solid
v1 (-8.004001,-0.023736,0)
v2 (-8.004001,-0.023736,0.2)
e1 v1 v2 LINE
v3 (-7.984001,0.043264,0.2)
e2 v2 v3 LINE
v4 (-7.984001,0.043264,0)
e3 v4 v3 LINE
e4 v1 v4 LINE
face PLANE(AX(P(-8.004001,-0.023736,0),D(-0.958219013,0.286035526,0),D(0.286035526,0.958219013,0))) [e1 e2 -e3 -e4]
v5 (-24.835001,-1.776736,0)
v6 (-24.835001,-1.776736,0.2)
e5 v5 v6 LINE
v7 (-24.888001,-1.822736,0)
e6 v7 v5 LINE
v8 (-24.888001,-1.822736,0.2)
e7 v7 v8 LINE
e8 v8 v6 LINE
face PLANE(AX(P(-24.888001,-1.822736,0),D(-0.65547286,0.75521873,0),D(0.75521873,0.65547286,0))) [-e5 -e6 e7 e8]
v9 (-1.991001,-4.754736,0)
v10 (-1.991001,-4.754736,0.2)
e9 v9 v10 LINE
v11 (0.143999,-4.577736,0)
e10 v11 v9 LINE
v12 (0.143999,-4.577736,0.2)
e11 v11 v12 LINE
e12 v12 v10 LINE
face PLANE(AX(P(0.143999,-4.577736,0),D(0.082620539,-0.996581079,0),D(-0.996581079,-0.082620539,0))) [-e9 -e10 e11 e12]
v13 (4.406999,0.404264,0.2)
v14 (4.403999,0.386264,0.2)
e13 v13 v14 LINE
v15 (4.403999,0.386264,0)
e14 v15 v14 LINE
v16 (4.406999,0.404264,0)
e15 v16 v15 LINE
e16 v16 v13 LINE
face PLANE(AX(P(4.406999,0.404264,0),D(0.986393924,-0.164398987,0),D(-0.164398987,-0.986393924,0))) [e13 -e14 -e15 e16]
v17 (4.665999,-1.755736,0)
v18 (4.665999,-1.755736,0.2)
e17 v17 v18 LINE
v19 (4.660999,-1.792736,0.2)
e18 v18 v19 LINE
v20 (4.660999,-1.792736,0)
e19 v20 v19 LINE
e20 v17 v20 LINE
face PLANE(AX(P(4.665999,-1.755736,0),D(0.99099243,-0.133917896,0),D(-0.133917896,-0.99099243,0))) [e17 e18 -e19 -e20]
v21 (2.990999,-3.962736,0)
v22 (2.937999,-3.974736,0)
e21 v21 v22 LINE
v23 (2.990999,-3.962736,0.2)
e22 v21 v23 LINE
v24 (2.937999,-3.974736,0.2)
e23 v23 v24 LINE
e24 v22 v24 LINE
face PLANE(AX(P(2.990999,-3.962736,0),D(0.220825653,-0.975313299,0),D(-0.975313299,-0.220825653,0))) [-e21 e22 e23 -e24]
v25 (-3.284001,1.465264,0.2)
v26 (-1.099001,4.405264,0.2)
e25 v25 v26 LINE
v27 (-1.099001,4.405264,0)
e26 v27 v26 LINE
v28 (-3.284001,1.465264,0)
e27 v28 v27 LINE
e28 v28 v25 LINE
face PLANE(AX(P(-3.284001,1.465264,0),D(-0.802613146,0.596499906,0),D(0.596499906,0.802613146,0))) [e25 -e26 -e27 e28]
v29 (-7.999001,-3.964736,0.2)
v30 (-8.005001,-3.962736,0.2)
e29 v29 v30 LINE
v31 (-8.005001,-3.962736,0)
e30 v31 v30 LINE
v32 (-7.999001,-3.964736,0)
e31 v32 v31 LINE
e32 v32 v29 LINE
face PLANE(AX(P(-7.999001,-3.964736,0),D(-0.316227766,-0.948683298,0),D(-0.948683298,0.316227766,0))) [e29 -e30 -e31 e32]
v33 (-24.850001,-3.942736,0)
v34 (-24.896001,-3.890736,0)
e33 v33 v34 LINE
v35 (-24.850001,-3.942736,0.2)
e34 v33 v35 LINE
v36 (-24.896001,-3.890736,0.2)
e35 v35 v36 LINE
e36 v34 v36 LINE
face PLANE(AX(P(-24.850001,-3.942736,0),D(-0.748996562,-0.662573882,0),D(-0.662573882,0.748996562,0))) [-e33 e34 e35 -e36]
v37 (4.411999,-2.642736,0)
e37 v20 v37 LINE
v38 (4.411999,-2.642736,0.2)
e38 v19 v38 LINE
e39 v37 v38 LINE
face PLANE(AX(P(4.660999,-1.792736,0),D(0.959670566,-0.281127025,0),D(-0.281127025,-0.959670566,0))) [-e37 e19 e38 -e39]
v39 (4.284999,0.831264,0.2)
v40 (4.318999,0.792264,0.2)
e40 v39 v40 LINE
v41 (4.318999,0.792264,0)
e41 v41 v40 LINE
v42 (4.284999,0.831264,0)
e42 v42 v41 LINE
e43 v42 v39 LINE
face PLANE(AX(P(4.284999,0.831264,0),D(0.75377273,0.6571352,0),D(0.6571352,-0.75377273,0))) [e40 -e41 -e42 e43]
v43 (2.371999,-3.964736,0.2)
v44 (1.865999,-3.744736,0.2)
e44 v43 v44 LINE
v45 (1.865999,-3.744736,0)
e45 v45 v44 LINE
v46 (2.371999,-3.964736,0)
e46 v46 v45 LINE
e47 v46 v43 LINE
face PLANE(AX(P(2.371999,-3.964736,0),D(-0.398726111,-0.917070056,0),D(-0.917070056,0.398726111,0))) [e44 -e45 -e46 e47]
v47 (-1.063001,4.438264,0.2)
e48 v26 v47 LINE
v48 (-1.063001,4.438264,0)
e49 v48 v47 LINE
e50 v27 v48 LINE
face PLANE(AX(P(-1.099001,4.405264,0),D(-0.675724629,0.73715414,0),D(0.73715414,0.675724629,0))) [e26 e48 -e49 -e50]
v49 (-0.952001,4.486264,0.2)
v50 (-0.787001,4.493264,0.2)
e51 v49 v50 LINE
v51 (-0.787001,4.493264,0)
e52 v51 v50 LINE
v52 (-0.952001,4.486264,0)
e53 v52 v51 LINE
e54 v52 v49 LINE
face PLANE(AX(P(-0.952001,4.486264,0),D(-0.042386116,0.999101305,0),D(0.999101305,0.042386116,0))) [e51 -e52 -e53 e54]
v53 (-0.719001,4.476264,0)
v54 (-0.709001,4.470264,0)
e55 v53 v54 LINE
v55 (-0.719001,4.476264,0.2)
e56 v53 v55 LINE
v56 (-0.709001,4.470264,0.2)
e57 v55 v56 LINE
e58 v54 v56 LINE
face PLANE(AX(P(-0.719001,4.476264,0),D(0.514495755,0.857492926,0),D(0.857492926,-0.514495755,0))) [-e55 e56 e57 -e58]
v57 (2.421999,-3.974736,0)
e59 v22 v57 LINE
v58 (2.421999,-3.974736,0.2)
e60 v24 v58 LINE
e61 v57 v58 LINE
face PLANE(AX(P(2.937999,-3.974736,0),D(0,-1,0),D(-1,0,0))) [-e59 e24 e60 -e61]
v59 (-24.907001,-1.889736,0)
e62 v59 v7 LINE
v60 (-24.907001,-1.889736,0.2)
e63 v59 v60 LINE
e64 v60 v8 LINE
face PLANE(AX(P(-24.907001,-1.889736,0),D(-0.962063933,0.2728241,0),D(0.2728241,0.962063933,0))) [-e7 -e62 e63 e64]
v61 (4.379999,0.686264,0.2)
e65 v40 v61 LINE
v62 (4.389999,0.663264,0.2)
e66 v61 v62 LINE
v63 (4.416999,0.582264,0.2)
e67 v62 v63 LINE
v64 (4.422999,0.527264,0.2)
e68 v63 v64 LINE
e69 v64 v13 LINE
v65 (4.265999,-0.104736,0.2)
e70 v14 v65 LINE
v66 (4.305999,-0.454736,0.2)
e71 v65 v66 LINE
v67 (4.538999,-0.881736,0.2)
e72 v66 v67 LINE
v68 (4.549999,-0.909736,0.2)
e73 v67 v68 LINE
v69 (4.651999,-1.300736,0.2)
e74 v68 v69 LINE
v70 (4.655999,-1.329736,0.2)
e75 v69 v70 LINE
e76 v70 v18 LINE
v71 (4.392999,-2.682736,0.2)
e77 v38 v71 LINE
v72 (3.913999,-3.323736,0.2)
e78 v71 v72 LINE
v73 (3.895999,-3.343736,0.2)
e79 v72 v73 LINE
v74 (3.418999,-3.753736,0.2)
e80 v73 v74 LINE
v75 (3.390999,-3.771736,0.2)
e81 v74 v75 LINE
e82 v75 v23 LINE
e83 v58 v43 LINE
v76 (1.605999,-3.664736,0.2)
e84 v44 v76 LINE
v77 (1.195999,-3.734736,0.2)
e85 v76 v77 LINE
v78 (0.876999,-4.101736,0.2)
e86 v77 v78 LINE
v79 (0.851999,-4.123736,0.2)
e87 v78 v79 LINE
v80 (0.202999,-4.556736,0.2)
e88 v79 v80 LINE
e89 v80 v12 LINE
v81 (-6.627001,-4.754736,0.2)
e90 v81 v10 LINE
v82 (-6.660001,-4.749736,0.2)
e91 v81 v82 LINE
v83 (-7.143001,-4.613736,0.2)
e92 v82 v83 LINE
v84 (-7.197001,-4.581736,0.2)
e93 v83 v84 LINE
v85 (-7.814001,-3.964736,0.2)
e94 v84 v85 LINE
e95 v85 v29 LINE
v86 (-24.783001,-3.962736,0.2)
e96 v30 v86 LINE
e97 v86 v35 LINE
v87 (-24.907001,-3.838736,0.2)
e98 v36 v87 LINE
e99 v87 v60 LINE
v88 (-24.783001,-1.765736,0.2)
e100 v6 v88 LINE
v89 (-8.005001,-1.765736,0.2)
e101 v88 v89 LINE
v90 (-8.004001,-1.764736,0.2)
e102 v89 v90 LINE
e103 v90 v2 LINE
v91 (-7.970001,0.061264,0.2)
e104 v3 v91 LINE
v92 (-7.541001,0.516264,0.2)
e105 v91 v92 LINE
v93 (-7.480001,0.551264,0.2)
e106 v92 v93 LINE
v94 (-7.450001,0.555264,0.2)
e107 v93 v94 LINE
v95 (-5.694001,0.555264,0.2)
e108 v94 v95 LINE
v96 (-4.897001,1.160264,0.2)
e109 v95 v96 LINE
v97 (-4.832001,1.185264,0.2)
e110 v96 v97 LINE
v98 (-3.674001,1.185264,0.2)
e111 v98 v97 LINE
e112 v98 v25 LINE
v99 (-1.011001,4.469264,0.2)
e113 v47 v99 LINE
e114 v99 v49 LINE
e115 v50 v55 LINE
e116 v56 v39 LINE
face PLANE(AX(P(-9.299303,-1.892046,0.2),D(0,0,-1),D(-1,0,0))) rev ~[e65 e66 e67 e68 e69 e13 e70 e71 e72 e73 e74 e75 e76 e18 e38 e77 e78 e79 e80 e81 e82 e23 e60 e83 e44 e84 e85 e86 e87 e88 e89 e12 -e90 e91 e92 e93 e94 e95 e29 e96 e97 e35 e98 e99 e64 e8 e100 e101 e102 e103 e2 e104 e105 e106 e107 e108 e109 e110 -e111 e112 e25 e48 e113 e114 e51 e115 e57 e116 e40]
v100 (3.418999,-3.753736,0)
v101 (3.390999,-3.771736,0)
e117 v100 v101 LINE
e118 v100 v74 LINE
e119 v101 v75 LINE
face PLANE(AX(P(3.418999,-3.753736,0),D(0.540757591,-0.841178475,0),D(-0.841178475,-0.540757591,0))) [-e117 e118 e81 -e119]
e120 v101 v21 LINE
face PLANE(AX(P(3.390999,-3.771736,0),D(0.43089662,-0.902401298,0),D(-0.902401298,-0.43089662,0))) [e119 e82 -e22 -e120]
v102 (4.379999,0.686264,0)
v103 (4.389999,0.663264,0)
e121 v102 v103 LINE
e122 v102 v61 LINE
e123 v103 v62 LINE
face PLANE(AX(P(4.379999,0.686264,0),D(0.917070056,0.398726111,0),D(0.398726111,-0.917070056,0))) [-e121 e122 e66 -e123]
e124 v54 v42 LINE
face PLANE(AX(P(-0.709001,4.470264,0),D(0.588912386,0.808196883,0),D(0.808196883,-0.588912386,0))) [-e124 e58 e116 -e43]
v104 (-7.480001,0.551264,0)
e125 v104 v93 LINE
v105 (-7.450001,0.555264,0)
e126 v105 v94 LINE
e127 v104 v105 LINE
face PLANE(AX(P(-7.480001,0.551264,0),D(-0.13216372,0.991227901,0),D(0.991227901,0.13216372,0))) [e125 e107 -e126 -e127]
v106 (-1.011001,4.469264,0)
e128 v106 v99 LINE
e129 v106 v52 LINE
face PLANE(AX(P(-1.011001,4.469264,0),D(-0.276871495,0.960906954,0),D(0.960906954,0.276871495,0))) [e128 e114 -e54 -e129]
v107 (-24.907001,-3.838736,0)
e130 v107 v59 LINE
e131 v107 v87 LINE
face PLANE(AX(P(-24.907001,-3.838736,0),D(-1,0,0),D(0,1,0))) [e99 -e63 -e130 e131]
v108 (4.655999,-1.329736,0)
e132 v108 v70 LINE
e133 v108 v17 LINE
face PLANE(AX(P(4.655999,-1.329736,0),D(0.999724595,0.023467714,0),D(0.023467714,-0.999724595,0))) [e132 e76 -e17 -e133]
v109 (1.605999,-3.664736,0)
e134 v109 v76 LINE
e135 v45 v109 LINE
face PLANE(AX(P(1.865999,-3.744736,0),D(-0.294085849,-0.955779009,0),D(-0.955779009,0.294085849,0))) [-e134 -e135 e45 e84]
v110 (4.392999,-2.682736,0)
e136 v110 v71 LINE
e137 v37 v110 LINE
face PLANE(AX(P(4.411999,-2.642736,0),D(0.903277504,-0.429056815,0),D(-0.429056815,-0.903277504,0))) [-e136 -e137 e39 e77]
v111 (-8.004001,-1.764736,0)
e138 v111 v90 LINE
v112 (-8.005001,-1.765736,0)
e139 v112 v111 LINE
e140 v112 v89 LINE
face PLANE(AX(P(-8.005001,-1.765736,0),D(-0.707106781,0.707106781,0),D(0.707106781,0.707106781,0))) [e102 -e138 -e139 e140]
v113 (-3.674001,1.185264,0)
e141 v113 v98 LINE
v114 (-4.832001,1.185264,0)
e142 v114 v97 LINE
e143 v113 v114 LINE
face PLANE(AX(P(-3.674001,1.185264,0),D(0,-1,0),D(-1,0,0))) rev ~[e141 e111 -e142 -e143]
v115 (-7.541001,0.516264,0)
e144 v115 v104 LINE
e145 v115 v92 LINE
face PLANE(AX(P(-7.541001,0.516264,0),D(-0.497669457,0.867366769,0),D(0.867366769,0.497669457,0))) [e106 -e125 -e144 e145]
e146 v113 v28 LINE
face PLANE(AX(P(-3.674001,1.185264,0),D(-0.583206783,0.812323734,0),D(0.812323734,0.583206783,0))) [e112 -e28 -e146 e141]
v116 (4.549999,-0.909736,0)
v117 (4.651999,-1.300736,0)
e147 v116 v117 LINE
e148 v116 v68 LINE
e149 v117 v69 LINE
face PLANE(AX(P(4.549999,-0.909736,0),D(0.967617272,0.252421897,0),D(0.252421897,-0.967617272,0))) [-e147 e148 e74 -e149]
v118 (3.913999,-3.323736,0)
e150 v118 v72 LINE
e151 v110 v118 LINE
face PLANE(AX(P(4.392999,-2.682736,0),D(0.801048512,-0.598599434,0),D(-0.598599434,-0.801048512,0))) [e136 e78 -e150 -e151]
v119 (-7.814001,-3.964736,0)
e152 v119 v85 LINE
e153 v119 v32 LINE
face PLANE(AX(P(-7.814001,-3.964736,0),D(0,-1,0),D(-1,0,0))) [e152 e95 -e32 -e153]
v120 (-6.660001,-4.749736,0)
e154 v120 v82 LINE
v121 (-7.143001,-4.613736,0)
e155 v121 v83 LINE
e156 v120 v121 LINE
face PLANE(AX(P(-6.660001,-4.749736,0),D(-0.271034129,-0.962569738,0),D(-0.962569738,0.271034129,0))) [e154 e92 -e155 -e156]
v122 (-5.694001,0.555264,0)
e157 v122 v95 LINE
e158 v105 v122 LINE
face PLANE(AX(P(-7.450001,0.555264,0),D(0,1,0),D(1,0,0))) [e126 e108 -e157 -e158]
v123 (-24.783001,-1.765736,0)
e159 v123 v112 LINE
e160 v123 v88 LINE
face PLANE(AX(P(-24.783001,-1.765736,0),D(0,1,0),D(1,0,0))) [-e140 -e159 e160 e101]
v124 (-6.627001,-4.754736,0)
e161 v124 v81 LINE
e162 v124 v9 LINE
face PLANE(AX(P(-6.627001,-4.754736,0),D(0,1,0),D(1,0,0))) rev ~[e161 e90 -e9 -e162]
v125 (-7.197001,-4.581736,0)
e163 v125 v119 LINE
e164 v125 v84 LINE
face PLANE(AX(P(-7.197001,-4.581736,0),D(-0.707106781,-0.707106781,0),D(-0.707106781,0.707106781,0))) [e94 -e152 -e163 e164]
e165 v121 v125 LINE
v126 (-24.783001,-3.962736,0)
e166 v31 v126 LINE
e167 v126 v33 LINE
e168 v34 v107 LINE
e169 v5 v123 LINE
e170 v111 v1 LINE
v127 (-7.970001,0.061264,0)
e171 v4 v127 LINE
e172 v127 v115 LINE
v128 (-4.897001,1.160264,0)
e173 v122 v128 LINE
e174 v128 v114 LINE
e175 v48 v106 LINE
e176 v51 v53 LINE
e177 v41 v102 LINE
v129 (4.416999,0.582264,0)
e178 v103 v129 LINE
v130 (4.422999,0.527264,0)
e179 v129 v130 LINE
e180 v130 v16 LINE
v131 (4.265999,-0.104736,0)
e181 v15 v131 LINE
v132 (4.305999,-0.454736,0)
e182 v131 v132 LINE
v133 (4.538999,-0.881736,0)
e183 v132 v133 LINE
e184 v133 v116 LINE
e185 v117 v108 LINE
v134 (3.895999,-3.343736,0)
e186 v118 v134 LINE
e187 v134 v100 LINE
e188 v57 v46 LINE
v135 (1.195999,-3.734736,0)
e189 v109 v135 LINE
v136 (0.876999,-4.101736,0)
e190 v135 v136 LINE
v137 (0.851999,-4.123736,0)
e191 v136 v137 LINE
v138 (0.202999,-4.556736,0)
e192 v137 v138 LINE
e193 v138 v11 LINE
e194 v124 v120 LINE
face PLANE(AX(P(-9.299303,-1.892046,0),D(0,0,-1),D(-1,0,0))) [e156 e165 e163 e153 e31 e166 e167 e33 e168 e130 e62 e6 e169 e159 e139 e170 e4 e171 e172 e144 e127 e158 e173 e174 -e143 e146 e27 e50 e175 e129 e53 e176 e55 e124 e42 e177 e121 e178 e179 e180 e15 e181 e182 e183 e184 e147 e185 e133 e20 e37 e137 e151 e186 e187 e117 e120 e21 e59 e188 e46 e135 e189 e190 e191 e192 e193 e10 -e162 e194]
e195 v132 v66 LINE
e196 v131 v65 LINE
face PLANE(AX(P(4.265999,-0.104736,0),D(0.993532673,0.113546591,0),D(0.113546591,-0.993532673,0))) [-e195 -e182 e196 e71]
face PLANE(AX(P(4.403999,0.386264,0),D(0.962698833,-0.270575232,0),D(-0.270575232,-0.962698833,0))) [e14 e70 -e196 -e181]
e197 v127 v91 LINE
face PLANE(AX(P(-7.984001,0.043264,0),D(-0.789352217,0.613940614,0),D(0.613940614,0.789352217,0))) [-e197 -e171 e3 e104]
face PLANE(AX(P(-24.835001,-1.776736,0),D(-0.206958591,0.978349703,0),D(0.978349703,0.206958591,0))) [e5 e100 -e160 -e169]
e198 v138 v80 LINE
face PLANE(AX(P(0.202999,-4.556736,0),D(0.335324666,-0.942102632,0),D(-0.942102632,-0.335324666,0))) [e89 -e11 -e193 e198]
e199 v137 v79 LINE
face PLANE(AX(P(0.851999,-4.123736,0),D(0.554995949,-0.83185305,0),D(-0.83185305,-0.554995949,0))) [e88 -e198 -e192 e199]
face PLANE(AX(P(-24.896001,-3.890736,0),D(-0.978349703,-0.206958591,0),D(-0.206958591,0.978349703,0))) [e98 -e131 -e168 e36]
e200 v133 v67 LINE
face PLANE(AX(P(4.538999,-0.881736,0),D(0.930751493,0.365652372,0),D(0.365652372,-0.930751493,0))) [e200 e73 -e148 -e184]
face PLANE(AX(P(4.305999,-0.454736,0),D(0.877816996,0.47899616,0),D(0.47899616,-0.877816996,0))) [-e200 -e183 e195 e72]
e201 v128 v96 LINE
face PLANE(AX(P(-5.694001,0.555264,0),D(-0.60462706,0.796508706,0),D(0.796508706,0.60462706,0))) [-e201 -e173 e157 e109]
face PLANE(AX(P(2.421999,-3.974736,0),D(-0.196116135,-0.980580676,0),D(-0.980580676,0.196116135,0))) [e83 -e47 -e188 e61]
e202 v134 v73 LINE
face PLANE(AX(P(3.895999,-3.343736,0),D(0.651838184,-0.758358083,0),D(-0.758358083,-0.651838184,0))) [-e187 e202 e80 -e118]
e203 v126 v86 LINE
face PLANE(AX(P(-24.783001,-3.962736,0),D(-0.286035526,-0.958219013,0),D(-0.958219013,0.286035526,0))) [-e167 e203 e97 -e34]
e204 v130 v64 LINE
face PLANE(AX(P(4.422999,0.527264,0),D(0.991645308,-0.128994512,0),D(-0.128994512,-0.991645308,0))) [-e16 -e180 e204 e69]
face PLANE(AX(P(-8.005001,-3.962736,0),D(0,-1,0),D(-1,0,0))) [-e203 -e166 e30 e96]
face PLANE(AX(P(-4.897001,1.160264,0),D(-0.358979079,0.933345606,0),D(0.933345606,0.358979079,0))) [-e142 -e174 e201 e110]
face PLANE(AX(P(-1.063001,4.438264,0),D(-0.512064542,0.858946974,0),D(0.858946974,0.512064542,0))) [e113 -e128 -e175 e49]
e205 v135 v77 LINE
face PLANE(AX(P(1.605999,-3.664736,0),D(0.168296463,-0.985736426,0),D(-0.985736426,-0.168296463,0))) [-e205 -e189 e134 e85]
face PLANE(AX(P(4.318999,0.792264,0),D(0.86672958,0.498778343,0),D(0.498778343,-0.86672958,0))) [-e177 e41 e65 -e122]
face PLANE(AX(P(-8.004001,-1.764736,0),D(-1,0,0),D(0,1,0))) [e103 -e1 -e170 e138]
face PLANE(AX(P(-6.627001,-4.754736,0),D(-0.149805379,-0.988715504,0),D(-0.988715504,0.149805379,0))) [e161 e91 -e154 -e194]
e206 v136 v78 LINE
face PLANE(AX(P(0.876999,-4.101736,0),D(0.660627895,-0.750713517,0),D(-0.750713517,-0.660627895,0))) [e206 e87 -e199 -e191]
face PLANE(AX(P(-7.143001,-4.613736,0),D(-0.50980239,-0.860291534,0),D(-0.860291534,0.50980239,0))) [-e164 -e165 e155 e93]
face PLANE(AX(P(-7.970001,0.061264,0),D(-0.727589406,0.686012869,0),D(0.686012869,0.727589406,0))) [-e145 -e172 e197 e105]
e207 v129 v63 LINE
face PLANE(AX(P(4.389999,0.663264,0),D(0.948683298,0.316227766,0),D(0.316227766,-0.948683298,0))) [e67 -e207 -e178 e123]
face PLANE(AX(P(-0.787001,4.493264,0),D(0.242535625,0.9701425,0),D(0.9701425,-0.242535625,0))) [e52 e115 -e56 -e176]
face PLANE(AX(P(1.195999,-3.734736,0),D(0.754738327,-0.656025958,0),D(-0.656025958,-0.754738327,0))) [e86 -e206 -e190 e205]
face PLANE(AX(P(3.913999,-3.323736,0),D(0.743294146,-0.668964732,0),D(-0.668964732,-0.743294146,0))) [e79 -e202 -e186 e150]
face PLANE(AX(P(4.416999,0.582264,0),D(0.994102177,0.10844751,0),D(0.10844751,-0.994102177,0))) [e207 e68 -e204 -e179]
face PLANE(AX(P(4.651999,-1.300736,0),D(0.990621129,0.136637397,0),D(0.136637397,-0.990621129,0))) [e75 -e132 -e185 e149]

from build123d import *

# Parameters (mm, degrees)
BOSS_EXTRUDE1_DEPTH   = 0.2
BOSS_EXTRUDE1_2_DEPTH = 0.2


with BuildPart() as part:
    # Model → Boss-Extrude1 (new body)
    with BuildSketch(Plane.XY):
        Polygon((-0.719000633, 4.476263641), (-0.709000633, 4.470263641), (4.284999367, 0.831263641), (4.318999367, 0.792263641), (4.379999367, 0.686263641), (4.389999367, 0.663263641), (4.416999367, 0.582263641), (4.422999367, 0.527263641), (4.406999367, 0.404263641), (4.403999367, 0.386263641), (4.265999367, -0.104736359), (4.305999367, -0.454736359), (4.538999367, -0.881736359), (4.549999367, -0.909736359), (4.651999367, -1.300736359), (4.655999367, -1.329736359), (4.665999367, -1.755736359), (4.660999367, -1.792736359), (4.411999367, -2.642736359), (4.392999367, -2.682736359), (3.913999367, -3.323736359), (3.895999367, -3.343736359), (3.418999367, -3.753736359), (3.390999367, -3.771736359), (2.990999367, -3.962736359), (2.937999367, -3.974736359), (2.421999367, -3.974736359), (2.371999367, -3.964736359), (1.865999367, -3.744736359), (1.605999367, -3.664736359), (1.195999367, -3.734736359), (0.876999367, -4.101736359), (0.851999367, -4.123736359), (0.202999367, -4.556736359), (0.143999367, -4.577736359), (-1.991000633, -4.754736359), (-1.997000633, -4.754736359), (-6.627000633, -4.754736359), (-6.660000633, -4.749736359), (-7.143000633, -4.613736359), (-7.197000633, -4.581736359), (-7.814000633, -3.964736359), (-7.999000633, -3.964736359), (-8.005000633, -3.962736359), (-24.783000633, -3.962736359), (-24.850000633, -3.942736359), (-24.896000633, -3.890736359), (-24.907000633, -3.838736359), (-24.907000633, -1.889736359), (-24.888000633, -1.822736359), (-24.835000633, -1.776736359), (-24.783000633, -1.765736359), (-8.005000633, -1.765736359), (-8.004000633, -1.764736359), (-8.004000633, -0.023736359), (-7.984000633, 0.043263641), (-7.970000633, 0.061263641), (-7.541000633, 0.516263641), (-7.480000633, 0.551263641), (-7.450000633, 0.555263641), (-5.694000633, 0.555263641), (-4.897000633, 1.160263641), (-4.832000633, 1.185263641), (-4.822000633, 1.185263641), (-3.674000633, 1.185263641), (-3.284000633, 1.465263641), (-1.099000633, 4.405263641), (-1.063000633, 4.438263641), (-1.011000633, 4.469263641), (-0.952000633, 4.486263641), (-0.787000633, 4.493263641), align=None)
    extrude(amount=BOSS_EXTRUDE1_DEPTH)


with BuildPart() as body_2:
    # Model → Boss-Extrude1 2 (new body)
    with BuildSketch(Plane.XY):
        Polygon((-12.208000633, 15.583263641), (-12.129000633, 15.567263641), (-12.085000633, 15.549263641), (-12.028000633, 15.511263641), (-11.994000633, 15.477263641), (-11.957000633, 15.420263641), (-11.938000633, 15.376263641), (-11.922000633, 15.297263641), (-11.920000633, 15.273263641), (-11.920000633, 14.001263641), (-11.922000633, 13.977263641), (-11.938000633, 13.898263641), (-11.957000633, 13.854263641), (-11.994000633, 13.797263641), (-12.028000633, 13.763263641), (-12.085000633, 13.725263641), (-12.129000633, 13.707263641), (-12.208000633, 13.691263641), (-12.232000633, 13.689263641), (-12.403000633, 13.689263641), (-12.518000633, 13.666263641), (-12.615000633, 13.601263641), (-12.680000633, 13.504263641), (-12.703000633, 13.389263641), (-12.703000633, 10.112263641), (-12.705000633, 10.088263641), (-12.721000633, 10.009263641), (-12.739000633, 9.964263641), (-12.777000633, 9.908263641), (-12.811000633, 9.874263641), (-12.868000633, 9.836263641), (-12.912000633, 9.818263641), (-12.991000633, 9.802263641), (-13.015000633, 9.800263641), (-14.285000633, 9.800263641), (-14.361000633, 9.784263641), (-14.426000633, 9.741263641), (-14.470000633, 9.676263641), (-14.485000633, 9.600263641), (-14.485000633, 9.081263641), (-14.487000633, 9.057263641), (-14.495000633, 9.017263641), (-14.514000633, 8.972263641), (-14.530000633, 8.948263641), (-14.564000633, 8.914263641), (-14.566000633, 8.913263641), (-14.632000633, 8.892263641), (-14.635000633, 8.892263641), (-18.652000633, 8.895263641), (-18.720000633, 8.914263641), (-18.755000633, 8.950263641), (-18.770000633, 8.972263641), (-18.789000633, 9.017263641), (-18.797000633, 9.057263641), (-18.799000633, 9.081263641), (-18.799000633, 9.600263641), (-18.815000633, 9.676263641), (-18.858000633, 9.741263641), (-18.923000633, 9.784263641), (-18.999000633, 9.800263641), (-19.007000633, 9.800263641), (-19.021000633, 9.804263641), (-21.430000633, 9.804263641), (-21.497000633, 9.823263641), (-21.543000633, 9.876263641), (-21.554000633, 9.928263641), (-21.554000633, 9.985263641), (-21.577000633, 10.100263641), (-21.642000633, 10.197263641), (-21.739000633, 10.262263641), (-21.854000633, 10.285263641), (-22.082000633, 10.285263641), (-22.106000633, 10.287263641), (-22.146000633, 10.296263641), (-22.191000633, 10.314263641), (-22.215000633, 10.330263641), (-22.249000633, 10.364263641), (-22.265000633, 10.388263641), (-22.284000633, 10.433263641), (-22.292000633, 10.473263641), (-22.294000633, 10.497263641), (-22.294000633, 12.473263641), (-22.292000633, 12.497263641), (-22.284000633, 12.537263641), (-22.265000633, 12.582263641), (-22.249000633, 12.606263641), (-22.215000633, 12.640263641), (-22.191000633, 12.656263641), (-22.146000633, 12.675263641), (-22.106000633, 12.683263641), (-22.082000633, 12.685263641), (-21.854000633, 12.685263641), (-21.739000633, 12.708263641), (-21.642000633, 12.773263641), (-21.577000633, 12.870263641), (-21.554000633, 12.985263641), (-21.554000633, 15.273263641), (-21.552000633, 15.297263641), (-21.536000633, 15.376263641), (-21.517000633, 15.420263641), (-21.480000633, 15.477263641), (-21.446000633, 15.511263641), (-21.389000633, 15.549263641), (-21.345000633, 15.567263641), (-21.266000633, 15.583263641), (-21.242000633, 15.585263641), (-12.232000633, 15.585263641), align=None)
    extrude(amount=BOSS_EXTRUDE1_2_DEPTH)


solid = part.part
